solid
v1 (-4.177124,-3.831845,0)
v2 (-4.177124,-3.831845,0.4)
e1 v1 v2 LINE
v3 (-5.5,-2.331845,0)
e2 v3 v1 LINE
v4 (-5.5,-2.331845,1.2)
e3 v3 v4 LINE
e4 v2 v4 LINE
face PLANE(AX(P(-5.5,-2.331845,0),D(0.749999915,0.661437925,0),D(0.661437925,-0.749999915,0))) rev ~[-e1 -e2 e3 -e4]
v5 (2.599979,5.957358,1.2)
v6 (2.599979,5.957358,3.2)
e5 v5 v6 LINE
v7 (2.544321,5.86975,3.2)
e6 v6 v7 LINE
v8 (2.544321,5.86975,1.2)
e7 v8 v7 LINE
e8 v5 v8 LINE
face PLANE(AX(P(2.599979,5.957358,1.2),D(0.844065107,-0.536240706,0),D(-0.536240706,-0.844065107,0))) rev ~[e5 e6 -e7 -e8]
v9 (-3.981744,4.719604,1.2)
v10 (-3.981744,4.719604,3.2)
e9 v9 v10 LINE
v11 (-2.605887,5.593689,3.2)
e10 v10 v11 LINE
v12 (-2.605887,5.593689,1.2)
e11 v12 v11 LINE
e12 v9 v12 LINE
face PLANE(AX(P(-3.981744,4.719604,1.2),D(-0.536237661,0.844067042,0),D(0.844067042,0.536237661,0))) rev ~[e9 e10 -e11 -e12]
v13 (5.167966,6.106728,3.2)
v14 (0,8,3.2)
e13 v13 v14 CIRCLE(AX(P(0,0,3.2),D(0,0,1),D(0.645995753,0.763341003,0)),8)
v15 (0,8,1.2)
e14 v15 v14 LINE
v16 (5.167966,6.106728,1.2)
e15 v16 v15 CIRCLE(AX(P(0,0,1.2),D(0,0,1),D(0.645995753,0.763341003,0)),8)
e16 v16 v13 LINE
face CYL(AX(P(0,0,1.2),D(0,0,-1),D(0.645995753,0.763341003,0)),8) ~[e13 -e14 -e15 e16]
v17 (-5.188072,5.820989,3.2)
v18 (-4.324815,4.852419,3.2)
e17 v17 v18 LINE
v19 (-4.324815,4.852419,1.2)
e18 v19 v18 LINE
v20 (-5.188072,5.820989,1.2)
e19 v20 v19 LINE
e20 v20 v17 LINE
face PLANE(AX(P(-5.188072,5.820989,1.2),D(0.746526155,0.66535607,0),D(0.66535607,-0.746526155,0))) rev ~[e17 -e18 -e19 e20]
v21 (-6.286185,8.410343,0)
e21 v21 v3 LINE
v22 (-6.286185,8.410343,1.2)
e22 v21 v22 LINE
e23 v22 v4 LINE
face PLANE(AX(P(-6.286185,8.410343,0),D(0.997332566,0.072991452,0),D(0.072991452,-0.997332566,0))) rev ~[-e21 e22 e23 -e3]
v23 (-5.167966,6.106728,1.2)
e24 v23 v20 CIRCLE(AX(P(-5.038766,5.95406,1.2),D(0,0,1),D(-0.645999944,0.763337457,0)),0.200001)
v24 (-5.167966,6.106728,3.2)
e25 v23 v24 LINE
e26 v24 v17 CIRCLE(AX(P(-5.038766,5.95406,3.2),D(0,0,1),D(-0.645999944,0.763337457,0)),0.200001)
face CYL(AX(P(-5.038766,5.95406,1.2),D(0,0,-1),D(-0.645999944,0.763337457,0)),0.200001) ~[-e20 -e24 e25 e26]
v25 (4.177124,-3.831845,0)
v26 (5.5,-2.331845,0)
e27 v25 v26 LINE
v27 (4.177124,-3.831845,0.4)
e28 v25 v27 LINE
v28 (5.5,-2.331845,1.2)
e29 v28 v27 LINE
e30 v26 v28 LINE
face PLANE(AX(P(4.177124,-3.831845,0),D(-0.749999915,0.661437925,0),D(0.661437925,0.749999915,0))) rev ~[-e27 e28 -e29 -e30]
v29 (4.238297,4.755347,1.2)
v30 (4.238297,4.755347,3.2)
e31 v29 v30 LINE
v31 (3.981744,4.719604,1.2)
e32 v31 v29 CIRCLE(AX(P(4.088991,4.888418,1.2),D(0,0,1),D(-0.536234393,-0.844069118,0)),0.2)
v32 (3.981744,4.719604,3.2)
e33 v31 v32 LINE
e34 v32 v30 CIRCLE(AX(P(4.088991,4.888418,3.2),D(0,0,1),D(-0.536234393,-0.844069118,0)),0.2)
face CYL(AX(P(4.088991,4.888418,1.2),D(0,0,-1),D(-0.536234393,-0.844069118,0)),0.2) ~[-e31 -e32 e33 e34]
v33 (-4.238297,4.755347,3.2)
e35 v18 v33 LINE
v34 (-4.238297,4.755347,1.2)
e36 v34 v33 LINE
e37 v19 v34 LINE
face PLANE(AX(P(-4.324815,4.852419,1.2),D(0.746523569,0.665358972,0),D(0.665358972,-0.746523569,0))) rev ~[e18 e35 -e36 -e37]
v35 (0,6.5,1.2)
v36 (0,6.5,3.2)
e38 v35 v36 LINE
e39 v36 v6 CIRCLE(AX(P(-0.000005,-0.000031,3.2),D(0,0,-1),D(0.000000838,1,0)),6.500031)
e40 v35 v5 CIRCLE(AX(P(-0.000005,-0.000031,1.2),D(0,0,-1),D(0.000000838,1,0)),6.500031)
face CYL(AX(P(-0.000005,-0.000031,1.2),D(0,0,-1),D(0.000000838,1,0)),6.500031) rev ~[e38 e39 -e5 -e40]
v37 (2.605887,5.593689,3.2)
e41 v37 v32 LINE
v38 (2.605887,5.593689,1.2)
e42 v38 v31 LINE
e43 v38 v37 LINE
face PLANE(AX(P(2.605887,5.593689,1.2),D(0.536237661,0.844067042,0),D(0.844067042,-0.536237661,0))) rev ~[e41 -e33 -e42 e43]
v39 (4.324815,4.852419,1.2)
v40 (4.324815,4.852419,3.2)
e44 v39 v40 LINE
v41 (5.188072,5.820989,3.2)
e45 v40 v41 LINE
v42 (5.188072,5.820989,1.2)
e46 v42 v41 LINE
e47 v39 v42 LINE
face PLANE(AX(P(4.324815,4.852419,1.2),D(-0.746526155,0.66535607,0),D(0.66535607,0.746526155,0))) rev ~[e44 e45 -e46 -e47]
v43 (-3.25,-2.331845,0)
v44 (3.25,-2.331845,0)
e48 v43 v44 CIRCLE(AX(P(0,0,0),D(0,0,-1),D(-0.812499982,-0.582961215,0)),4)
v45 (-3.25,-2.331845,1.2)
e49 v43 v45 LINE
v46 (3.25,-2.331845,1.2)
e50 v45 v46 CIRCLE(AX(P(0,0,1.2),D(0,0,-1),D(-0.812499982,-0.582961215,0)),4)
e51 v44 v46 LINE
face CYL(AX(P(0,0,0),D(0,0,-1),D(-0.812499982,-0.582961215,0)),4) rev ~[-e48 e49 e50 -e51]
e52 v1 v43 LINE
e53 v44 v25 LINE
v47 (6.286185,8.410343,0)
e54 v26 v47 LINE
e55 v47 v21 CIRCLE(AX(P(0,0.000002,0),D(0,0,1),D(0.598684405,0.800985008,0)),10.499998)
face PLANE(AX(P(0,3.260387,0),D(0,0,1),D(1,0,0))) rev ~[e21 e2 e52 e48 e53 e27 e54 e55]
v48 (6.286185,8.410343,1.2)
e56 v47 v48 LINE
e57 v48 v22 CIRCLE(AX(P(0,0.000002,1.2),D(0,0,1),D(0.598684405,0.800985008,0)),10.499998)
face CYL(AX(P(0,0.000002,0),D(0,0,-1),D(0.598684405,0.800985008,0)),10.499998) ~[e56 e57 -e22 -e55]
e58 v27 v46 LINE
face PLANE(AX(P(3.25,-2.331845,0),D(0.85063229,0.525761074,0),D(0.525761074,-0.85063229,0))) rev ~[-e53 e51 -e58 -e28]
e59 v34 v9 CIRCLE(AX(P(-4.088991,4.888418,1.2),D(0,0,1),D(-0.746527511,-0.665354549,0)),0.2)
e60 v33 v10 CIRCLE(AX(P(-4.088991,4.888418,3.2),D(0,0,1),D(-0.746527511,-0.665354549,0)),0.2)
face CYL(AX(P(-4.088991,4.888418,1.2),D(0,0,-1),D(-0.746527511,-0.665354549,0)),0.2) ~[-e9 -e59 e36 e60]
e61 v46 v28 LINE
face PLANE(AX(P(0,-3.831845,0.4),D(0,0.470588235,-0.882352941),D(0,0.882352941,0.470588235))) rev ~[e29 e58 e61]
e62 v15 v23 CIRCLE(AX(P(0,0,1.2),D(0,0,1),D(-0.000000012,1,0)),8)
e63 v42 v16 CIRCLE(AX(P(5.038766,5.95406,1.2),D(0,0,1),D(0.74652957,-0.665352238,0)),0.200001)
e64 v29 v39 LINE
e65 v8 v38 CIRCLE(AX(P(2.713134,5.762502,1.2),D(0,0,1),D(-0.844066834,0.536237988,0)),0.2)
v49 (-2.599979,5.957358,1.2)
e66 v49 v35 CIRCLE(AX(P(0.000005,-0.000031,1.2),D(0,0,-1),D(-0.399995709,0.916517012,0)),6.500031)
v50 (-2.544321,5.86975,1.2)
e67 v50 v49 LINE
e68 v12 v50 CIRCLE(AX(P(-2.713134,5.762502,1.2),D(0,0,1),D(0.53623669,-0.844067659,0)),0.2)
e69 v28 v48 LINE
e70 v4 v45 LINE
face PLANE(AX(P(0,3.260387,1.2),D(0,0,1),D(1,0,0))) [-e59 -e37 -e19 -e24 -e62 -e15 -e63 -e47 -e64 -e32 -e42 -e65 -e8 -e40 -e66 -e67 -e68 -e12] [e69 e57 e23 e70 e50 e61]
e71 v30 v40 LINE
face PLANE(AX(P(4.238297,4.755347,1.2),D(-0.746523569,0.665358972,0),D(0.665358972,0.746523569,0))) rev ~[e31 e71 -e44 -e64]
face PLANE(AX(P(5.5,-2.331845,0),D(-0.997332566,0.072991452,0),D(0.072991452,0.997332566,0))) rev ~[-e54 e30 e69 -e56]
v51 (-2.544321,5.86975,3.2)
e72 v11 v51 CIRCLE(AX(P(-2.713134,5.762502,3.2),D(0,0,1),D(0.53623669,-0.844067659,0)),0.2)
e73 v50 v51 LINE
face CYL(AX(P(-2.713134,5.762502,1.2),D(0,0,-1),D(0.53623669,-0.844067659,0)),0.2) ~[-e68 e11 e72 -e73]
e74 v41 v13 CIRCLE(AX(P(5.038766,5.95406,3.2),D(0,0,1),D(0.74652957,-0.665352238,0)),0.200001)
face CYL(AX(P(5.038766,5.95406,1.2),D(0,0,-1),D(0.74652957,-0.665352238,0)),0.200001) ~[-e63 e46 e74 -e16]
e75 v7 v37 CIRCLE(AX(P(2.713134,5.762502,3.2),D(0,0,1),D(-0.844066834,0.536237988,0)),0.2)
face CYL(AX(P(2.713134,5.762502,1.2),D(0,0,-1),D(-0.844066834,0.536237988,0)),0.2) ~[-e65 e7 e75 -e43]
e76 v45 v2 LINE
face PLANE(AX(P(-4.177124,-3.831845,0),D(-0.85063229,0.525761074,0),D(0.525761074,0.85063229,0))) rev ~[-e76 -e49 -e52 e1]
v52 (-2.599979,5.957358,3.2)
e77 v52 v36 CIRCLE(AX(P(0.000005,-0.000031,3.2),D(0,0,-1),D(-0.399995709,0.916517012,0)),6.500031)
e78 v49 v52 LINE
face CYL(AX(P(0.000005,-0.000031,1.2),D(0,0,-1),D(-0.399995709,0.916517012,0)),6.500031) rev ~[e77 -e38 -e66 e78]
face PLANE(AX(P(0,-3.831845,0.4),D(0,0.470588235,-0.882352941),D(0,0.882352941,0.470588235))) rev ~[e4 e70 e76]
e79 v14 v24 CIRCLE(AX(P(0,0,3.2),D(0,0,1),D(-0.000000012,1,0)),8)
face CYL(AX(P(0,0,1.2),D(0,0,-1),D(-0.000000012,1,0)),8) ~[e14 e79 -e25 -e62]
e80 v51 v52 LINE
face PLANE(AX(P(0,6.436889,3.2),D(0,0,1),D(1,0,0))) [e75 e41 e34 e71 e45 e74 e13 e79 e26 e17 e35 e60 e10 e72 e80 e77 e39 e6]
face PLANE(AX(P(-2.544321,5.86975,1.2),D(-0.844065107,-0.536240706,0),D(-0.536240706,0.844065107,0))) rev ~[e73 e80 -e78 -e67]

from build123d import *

# Parameters (mm, degrees)
F1_DEPTH = 1.2
F3_DEPTH = 12.5
F5_DEPTH = 2


with BuildPart() as f1:
    # F0 (on Top) → F1 (new body)
    with BuildSketch(Plane.XY):
        with BuildLine():
            ThreePointArc((-3.25, -2.331845), (0, 4), (3.25, -2.331845))
            Line((3.25, -2.331845), (4.177124, -3.831845))
            Line((4.177124, -3.831845), (5.5, -2.331845))
            Line((5.5, -2.331845), (6.286185, 8.410343))
            ThreePointArc((6.286185, 8.410343), (0, 10.5), (-6.286185, 8.410343))
            Line((-6.286185, 8.410343), (-5.5, -2.331845))
            Line((-5.5, -2.331845), (-4.177124, -3.831845))
            Line((-4.177124, -3.831845), (-3.25, -2.331845))
        make_face()
    extrude(amount=F1_DEPTH)

    # F2 (on Right) → F3 (cut, symmetric)
    with BuildSketch(Plane.YZ):
        Polygon((-3.831845, 0.4), (-2.331845, 1.2), (-3.831845, 1.2), align=None)
    extrude(amount=F3_DEPTH, both=True, mode=Mode.SUBTRACT)

    # F4 (on face) → F5 (join)
    with BuildSketch(Plane.XY.offset(1.2)):
        with BuildLine():
            ThreePointArc((5.167966, 6.106728), (2.751924, 7.511785), (0, 8))
            ThreePointArc((0, 8), (-2.751924, 7.511785), (-5.167966, 6.106728))
            ThreePointArc((-5.167966, 6.106728), (-5.238273, 5.968098), (-5.188072, 5.820989))
            Line((-5.188072, 5.820989), (-4.324815, 4.852419))
            Line((-4.324815, 4.852419), (-4.238297, 4.755347))
            ThreePointArc((-4.238297, 4.755347), (-4.116589, 4.690331), (-3.981744, 4.719604))
            Line((-3.981744, 4.719604), (-2.605887, 5.593689))
            ThreePointArc((-2.605887, 5.593689), (-2.51793, 5.718968), (-2.544321, 5.86975))
            Line((-2.544321, 5.86975), (-2.599979, 5.957358))
            ThreePointArc((-2.599979, 5.957358), (-1.328001, 6.362893), (0, 6.5))
            ThreePointArc((0, 6.5), (1.328001, 6.362893), (2.599979, 5.957358))
            Line((2.599979, 5.957358), (2.544321, 5.86975))
            ThreePointArc((2.544321, 5.86975), (2.51793, 5.718968), (2.605887, 5.593689))
            Line((2.605887, 5.593689), (3.981744, 4.719604))
            ThreePointArc((3.981744, 4.719604), (4.116589, 4.690331), (4.238297, 4.755347))
            Line((4.238297, 4.755347), (4.324815, 4.852419))
            Line((4.324815, 4.852419), (5.188072, 5.820989))
            ThreePointArc((5.188072, 5.820989), (5.238273, 5.968098), (5.167966, 6.106728))
        make_face()
    extrude(amount=F5_DEPTH)


solid = f1.part
